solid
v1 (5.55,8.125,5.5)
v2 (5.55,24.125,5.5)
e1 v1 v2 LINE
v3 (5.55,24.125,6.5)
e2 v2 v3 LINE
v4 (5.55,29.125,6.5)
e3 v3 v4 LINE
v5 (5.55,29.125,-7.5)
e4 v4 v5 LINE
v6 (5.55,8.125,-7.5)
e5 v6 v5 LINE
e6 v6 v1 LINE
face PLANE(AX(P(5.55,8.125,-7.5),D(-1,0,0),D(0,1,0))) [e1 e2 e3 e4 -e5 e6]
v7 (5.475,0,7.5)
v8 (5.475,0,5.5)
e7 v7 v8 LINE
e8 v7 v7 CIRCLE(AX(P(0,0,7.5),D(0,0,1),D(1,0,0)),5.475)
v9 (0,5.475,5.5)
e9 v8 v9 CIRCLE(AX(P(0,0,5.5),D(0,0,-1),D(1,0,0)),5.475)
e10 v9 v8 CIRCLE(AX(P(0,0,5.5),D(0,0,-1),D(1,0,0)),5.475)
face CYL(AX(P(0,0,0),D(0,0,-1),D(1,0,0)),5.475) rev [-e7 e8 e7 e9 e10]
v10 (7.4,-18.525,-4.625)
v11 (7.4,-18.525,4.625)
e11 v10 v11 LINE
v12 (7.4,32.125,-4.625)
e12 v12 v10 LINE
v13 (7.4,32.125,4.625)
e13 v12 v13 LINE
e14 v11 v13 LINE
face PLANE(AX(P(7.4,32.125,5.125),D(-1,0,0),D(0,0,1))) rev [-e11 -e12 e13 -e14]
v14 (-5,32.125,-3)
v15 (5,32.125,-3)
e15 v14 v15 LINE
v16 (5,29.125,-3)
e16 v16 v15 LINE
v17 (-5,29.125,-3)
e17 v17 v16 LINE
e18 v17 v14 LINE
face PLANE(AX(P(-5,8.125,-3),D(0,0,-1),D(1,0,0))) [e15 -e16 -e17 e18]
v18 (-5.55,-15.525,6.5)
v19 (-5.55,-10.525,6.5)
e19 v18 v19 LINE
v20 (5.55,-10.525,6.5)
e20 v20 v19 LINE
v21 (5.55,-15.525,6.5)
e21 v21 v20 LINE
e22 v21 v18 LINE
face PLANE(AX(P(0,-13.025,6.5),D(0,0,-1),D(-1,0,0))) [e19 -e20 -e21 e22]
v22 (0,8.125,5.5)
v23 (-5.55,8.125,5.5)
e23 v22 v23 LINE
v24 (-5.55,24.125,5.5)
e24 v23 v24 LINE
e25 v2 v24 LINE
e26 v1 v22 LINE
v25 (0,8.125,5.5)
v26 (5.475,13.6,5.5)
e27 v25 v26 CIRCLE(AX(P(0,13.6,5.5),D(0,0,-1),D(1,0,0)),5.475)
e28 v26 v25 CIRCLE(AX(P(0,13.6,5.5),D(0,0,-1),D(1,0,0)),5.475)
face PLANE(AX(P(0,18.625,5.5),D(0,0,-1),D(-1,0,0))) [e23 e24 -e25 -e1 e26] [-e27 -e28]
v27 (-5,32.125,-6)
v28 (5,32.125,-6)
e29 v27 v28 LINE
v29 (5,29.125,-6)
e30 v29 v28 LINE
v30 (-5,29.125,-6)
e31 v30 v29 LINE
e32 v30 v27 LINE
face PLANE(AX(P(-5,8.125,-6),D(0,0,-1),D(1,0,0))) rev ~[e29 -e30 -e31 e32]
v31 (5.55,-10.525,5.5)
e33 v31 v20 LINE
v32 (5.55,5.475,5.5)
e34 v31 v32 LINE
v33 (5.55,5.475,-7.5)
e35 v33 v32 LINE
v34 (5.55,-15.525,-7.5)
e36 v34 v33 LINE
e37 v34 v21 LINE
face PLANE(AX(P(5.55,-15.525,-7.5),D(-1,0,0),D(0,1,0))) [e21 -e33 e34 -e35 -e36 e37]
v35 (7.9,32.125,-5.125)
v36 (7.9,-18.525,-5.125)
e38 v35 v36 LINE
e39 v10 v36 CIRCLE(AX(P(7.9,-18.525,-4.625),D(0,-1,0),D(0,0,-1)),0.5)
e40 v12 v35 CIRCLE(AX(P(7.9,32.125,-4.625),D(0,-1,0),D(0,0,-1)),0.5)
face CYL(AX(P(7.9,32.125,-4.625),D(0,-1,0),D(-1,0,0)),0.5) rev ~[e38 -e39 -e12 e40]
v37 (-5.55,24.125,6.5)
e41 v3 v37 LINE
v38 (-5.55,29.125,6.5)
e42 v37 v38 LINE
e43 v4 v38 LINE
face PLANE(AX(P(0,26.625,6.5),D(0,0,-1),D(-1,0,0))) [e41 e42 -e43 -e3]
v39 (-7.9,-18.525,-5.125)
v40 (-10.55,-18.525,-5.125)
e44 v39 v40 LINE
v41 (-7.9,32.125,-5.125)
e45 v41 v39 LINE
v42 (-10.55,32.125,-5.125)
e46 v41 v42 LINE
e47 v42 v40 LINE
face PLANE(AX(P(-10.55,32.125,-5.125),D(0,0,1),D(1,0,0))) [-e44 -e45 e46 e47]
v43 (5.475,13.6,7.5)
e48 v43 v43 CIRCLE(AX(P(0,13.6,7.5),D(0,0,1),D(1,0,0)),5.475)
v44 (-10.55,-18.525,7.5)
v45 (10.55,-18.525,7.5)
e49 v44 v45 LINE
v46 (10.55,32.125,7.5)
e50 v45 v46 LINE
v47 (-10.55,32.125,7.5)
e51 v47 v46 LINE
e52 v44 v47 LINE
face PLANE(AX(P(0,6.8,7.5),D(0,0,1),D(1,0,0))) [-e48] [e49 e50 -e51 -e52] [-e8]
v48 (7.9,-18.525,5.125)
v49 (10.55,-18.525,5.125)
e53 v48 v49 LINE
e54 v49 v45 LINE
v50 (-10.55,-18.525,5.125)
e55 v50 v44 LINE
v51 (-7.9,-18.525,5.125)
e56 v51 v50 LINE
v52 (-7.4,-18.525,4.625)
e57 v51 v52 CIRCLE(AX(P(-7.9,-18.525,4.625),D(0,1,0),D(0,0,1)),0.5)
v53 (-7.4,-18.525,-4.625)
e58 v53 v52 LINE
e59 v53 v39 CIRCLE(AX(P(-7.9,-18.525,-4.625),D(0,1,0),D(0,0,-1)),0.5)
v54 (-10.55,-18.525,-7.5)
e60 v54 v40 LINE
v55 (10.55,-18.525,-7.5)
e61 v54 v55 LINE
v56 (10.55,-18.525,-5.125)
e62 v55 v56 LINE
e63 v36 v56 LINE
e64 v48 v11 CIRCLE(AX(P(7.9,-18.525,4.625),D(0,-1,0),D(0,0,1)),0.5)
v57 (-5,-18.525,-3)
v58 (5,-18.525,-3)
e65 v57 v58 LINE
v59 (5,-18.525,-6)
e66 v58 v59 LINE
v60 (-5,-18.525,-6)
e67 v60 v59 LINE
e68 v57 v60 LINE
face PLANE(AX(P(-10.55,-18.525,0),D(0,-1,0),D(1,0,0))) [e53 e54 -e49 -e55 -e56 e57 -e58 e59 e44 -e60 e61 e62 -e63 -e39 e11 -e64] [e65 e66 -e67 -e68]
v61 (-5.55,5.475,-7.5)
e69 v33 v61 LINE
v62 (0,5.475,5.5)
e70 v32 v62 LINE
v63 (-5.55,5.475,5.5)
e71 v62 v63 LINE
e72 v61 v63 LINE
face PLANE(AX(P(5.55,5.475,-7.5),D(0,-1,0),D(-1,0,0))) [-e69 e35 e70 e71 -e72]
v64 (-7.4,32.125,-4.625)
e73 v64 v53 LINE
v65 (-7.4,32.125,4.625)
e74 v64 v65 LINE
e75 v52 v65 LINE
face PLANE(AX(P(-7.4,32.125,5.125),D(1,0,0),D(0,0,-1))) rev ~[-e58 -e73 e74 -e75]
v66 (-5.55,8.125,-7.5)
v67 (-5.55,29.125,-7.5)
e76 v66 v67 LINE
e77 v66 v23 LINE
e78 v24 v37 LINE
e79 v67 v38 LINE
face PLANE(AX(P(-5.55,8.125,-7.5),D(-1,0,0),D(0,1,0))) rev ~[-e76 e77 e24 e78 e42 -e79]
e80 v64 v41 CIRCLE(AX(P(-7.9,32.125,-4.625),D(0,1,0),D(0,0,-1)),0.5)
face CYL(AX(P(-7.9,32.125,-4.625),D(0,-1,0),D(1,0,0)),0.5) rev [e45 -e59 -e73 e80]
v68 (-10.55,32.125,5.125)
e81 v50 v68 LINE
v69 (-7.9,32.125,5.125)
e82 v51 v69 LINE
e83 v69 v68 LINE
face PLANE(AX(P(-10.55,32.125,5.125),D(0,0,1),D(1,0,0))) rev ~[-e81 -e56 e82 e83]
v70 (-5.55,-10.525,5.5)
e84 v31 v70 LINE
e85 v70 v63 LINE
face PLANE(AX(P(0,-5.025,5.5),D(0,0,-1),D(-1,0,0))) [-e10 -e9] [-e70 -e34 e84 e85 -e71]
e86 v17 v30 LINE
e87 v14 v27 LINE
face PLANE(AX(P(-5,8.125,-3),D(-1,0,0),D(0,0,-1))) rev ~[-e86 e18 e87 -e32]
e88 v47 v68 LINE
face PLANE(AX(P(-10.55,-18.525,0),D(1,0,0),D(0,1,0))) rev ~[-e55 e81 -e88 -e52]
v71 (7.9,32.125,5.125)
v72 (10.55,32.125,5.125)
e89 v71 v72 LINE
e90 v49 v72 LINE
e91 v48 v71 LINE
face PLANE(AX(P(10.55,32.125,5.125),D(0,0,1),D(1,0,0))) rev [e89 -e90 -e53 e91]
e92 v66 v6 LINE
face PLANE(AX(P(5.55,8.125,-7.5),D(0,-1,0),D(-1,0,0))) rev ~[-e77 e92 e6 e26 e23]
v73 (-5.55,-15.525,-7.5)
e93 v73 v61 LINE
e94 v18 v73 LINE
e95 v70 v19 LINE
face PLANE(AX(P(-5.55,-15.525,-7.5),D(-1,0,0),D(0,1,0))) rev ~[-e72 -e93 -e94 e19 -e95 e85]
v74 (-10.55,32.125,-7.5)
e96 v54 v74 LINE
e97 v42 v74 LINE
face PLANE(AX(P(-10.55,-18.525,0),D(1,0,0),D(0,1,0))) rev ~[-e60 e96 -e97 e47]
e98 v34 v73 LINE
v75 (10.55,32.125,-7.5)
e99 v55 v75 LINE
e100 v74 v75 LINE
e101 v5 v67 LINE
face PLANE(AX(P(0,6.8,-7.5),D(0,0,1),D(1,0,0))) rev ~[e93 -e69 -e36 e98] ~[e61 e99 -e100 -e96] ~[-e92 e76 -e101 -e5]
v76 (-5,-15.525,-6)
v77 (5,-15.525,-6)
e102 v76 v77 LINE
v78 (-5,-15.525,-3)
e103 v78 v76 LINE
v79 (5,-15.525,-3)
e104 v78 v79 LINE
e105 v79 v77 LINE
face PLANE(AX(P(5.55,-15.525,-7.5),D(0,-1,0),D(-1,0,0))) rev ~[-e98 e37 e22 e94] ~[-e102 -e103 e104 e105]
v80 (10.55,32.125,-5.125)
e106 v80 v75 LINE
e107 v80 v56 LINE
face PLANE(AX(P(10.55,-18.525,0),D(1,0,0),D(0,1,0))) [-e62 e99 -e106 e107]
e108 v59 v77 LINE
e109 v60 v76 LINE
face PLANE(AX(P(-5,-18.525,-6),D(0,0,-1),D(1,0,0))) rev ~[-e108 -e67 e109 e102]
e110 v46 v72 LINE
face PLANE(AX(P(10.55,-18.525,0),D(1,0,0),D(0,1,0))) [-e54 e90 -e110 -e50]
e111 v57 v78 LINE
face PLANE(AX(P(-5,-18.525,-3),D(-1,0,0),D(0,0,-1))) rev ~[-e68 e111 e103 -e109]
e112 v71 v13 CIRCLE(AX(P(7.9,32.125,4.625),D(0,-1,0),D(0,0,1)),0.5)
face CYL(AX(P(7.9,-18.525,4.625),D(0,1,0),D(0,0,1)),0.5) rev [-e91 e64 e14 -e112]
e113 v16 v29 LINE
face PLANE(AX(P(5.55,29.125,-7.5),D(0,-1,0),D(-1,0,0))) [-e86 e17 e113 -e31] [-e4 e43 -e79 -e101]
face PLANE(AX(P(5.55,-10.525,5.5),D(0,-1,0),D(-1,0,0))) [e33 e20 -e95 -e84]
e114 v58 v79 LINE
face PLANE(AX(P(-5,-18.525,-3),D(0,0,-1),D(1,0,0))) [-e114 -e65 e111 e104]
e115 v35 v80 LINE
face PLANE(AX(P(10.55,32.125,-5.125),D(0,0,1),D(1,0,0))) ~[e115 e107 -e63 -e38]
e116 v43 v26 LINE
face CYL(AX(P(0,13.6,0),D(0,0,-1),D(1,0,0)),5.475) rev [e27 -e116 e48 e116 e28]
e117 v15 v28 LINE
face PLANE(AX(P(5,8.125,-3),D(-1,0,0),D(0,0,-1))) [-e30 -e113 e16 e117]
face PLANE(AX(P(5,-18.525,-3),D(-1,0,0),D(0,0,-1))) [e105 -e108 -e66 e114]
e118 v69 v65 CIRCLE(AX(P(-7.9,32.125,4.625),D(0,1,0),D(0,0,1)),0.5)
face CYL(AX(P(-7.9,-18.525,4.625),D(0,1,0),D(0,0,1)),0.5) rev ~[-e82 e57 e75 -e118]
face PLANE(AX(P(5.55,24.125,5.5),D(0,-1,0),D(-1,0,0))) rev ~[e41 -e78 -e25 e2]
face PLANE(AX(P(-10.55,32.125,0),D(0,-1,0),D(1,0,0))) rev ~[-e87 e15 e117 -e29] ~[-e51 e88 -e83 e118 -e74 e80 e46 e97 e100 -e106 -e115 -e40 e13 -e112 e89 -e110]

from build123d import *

# Parameters (mm, degrees)
SKETCH2_W               = 21.1
SKETCH2_H               = 50.65
SKETCH2_R               = 5.475
BOSS_EXTRUDE1_DEPTH     = 7.5
SKETCH3_W               = 3.15
SKETCH3_H               = 10.25
CUT_EXTRUDE1_DEPTH      = 53.277863384
SKETCH4_W               = 11.1
SKETCH4_H               = 21
CUT_EXTRUDE2_DEPTH      = 13
FILLET1_R               = 0.5
CUT_EXTRUDE3_DEPTH      = 53.277863384
CUT_EXTRUDE3_DEPTH_BACK = 24
SKETCH6_W               = 10
SKETCH6_H               = 3
CUT_EXTRUDE4_START      = -50.65
SKETCH6_2_W             = 10
SKETCH6_2_H             = 3
CUT_EXTRUDE4_DEPTH      = 24
SKETCH7_W               = 11.1
SKETCH7_H               = 5
CUT_EXTRUDE5_DEPTH      = 1


with BuildPart() as part:
    # Sketch2 → Boss-Extrude1 (new, symmetric)
    with BuildSketch(Plane.XY):
        with Locations((0, 6.8)):
            Rectangle(SKETCH2_W, SKETCH2_H)
        Circle(SKETCH2_R, mode=Mode.SUBTRACT)
        with Locations((0, 13.6)):
            Circle(SKETCH2_R, mode=Mode.SUBTRACT)
    extrude(amount=BOSS_EXTRUDE1_DEPTH, both=True)

    # Sketch3 → Cut-Extrude1 (cut, symmetric)
    with BuildSketch(Plane(origin=(0, 32.125, 0), x_dir=(1, 0, 0), z_dir=(0, 1, 0))):
        with Locations((-8.975, 0)):
            Rectangle(SKETCH3_W, SKETCH3_H)
    cut_extrude1 = extrude(amount=CUT_EXTRUDE1_DEPTH, both=True, mode=Mode.SUBTRACT)

    # Mirror1: Cut-Extrude1 across plane
    add(cut_extrude1.mirror(Plane(origin=(0, 0, 0), x_dir=(0, 0, 1), z_dir=(1, 0, 0))), mode=Mode.SUBTRACT)

    # Sketch4 → Cut-Extrude2 (cut)
    with BuildSketch(Plane(origin=(0, 0, -7.5), x_dir=(-1, 0, 0), z_dir=(0, 0, -1))):
        with Locations((0, -5.025)):
            Rectangle(SKETCH4_W, SKETCH4_H)
        with Locations((0, 18.625)):
            Rectangle(SKETCH4_W, SKETCH4_H)
    extrude(amount=-CUT_EXTRUDE2_DEPTH, mode=Mode.SUBTRACT)

    # Fillet1
    fillet1_edges = [part.edges().sort_by_distance(p)[0] for p in [
        (-7.4, 6.8, -5.125),
        (-7.4, 6.8, 5.125),
        (7.4, 6.8, 5.125),
        (7.4, 6.8, -5.125),
    ]]
    fillet(fillet1_edges, radius=FILLET1_R)

    # Sketch6 → Cut-Extrude3 (cut, two sides: drawn at the far end of the back side and taken through both)
    with BuildSketch(Plane(origin=(0, 32.125, 0), x_dir=(1, 0, 0), z_dir=(0, 1, 0)).offset(-CUT_EXTRUDE3_DEPTH_BACK)):
        with Locations((0, 4.5)):
            Rectangle(SKETCH6_W, SKETCH6_H)
    extrude(amount=CUT_EXTRUDE3_DEPTH + CUT_EXTRUDE3_DEPTH_BACK, mode=Mode.SUBTRACT)

    # Sketch6<2> → Cut-Extrude4 (cut)
    with BuildSketch(Plane(origin=(0, 32.125, 0), x_dir=(1, 0, 0), z_dir=(0, 1, 0)).offset(CUT_EXTRUDE4_START)):
        with Locations((0, 4.5)):
            Rectangle(SKETCH6_2_W, SKETCH6_2_H)
    extrude(amount=CUT_EXTRUDE4_DEPTH, mode=Mode.SUBTRACT)

    # Sketch7 → Cut-Extrude5 (cut)
    with BuildSketch(Plane(origin=(0, 0, 5.5), x_dir=(-1, 0, 0), z_dir=(0, 0, -1))):
        with Locations((0, 26.625)):
            Rectangle(SKETCH7_W, SKETCH7_H)
        with Locations((0, -13.025)):
            Rectangle(SKETCH7_W, SKETCH7_H)
    extrude(amount=-CUT_EXTRUDE5_DEPTH, mode=Mode.SUBTRACT)


solid = part.part
